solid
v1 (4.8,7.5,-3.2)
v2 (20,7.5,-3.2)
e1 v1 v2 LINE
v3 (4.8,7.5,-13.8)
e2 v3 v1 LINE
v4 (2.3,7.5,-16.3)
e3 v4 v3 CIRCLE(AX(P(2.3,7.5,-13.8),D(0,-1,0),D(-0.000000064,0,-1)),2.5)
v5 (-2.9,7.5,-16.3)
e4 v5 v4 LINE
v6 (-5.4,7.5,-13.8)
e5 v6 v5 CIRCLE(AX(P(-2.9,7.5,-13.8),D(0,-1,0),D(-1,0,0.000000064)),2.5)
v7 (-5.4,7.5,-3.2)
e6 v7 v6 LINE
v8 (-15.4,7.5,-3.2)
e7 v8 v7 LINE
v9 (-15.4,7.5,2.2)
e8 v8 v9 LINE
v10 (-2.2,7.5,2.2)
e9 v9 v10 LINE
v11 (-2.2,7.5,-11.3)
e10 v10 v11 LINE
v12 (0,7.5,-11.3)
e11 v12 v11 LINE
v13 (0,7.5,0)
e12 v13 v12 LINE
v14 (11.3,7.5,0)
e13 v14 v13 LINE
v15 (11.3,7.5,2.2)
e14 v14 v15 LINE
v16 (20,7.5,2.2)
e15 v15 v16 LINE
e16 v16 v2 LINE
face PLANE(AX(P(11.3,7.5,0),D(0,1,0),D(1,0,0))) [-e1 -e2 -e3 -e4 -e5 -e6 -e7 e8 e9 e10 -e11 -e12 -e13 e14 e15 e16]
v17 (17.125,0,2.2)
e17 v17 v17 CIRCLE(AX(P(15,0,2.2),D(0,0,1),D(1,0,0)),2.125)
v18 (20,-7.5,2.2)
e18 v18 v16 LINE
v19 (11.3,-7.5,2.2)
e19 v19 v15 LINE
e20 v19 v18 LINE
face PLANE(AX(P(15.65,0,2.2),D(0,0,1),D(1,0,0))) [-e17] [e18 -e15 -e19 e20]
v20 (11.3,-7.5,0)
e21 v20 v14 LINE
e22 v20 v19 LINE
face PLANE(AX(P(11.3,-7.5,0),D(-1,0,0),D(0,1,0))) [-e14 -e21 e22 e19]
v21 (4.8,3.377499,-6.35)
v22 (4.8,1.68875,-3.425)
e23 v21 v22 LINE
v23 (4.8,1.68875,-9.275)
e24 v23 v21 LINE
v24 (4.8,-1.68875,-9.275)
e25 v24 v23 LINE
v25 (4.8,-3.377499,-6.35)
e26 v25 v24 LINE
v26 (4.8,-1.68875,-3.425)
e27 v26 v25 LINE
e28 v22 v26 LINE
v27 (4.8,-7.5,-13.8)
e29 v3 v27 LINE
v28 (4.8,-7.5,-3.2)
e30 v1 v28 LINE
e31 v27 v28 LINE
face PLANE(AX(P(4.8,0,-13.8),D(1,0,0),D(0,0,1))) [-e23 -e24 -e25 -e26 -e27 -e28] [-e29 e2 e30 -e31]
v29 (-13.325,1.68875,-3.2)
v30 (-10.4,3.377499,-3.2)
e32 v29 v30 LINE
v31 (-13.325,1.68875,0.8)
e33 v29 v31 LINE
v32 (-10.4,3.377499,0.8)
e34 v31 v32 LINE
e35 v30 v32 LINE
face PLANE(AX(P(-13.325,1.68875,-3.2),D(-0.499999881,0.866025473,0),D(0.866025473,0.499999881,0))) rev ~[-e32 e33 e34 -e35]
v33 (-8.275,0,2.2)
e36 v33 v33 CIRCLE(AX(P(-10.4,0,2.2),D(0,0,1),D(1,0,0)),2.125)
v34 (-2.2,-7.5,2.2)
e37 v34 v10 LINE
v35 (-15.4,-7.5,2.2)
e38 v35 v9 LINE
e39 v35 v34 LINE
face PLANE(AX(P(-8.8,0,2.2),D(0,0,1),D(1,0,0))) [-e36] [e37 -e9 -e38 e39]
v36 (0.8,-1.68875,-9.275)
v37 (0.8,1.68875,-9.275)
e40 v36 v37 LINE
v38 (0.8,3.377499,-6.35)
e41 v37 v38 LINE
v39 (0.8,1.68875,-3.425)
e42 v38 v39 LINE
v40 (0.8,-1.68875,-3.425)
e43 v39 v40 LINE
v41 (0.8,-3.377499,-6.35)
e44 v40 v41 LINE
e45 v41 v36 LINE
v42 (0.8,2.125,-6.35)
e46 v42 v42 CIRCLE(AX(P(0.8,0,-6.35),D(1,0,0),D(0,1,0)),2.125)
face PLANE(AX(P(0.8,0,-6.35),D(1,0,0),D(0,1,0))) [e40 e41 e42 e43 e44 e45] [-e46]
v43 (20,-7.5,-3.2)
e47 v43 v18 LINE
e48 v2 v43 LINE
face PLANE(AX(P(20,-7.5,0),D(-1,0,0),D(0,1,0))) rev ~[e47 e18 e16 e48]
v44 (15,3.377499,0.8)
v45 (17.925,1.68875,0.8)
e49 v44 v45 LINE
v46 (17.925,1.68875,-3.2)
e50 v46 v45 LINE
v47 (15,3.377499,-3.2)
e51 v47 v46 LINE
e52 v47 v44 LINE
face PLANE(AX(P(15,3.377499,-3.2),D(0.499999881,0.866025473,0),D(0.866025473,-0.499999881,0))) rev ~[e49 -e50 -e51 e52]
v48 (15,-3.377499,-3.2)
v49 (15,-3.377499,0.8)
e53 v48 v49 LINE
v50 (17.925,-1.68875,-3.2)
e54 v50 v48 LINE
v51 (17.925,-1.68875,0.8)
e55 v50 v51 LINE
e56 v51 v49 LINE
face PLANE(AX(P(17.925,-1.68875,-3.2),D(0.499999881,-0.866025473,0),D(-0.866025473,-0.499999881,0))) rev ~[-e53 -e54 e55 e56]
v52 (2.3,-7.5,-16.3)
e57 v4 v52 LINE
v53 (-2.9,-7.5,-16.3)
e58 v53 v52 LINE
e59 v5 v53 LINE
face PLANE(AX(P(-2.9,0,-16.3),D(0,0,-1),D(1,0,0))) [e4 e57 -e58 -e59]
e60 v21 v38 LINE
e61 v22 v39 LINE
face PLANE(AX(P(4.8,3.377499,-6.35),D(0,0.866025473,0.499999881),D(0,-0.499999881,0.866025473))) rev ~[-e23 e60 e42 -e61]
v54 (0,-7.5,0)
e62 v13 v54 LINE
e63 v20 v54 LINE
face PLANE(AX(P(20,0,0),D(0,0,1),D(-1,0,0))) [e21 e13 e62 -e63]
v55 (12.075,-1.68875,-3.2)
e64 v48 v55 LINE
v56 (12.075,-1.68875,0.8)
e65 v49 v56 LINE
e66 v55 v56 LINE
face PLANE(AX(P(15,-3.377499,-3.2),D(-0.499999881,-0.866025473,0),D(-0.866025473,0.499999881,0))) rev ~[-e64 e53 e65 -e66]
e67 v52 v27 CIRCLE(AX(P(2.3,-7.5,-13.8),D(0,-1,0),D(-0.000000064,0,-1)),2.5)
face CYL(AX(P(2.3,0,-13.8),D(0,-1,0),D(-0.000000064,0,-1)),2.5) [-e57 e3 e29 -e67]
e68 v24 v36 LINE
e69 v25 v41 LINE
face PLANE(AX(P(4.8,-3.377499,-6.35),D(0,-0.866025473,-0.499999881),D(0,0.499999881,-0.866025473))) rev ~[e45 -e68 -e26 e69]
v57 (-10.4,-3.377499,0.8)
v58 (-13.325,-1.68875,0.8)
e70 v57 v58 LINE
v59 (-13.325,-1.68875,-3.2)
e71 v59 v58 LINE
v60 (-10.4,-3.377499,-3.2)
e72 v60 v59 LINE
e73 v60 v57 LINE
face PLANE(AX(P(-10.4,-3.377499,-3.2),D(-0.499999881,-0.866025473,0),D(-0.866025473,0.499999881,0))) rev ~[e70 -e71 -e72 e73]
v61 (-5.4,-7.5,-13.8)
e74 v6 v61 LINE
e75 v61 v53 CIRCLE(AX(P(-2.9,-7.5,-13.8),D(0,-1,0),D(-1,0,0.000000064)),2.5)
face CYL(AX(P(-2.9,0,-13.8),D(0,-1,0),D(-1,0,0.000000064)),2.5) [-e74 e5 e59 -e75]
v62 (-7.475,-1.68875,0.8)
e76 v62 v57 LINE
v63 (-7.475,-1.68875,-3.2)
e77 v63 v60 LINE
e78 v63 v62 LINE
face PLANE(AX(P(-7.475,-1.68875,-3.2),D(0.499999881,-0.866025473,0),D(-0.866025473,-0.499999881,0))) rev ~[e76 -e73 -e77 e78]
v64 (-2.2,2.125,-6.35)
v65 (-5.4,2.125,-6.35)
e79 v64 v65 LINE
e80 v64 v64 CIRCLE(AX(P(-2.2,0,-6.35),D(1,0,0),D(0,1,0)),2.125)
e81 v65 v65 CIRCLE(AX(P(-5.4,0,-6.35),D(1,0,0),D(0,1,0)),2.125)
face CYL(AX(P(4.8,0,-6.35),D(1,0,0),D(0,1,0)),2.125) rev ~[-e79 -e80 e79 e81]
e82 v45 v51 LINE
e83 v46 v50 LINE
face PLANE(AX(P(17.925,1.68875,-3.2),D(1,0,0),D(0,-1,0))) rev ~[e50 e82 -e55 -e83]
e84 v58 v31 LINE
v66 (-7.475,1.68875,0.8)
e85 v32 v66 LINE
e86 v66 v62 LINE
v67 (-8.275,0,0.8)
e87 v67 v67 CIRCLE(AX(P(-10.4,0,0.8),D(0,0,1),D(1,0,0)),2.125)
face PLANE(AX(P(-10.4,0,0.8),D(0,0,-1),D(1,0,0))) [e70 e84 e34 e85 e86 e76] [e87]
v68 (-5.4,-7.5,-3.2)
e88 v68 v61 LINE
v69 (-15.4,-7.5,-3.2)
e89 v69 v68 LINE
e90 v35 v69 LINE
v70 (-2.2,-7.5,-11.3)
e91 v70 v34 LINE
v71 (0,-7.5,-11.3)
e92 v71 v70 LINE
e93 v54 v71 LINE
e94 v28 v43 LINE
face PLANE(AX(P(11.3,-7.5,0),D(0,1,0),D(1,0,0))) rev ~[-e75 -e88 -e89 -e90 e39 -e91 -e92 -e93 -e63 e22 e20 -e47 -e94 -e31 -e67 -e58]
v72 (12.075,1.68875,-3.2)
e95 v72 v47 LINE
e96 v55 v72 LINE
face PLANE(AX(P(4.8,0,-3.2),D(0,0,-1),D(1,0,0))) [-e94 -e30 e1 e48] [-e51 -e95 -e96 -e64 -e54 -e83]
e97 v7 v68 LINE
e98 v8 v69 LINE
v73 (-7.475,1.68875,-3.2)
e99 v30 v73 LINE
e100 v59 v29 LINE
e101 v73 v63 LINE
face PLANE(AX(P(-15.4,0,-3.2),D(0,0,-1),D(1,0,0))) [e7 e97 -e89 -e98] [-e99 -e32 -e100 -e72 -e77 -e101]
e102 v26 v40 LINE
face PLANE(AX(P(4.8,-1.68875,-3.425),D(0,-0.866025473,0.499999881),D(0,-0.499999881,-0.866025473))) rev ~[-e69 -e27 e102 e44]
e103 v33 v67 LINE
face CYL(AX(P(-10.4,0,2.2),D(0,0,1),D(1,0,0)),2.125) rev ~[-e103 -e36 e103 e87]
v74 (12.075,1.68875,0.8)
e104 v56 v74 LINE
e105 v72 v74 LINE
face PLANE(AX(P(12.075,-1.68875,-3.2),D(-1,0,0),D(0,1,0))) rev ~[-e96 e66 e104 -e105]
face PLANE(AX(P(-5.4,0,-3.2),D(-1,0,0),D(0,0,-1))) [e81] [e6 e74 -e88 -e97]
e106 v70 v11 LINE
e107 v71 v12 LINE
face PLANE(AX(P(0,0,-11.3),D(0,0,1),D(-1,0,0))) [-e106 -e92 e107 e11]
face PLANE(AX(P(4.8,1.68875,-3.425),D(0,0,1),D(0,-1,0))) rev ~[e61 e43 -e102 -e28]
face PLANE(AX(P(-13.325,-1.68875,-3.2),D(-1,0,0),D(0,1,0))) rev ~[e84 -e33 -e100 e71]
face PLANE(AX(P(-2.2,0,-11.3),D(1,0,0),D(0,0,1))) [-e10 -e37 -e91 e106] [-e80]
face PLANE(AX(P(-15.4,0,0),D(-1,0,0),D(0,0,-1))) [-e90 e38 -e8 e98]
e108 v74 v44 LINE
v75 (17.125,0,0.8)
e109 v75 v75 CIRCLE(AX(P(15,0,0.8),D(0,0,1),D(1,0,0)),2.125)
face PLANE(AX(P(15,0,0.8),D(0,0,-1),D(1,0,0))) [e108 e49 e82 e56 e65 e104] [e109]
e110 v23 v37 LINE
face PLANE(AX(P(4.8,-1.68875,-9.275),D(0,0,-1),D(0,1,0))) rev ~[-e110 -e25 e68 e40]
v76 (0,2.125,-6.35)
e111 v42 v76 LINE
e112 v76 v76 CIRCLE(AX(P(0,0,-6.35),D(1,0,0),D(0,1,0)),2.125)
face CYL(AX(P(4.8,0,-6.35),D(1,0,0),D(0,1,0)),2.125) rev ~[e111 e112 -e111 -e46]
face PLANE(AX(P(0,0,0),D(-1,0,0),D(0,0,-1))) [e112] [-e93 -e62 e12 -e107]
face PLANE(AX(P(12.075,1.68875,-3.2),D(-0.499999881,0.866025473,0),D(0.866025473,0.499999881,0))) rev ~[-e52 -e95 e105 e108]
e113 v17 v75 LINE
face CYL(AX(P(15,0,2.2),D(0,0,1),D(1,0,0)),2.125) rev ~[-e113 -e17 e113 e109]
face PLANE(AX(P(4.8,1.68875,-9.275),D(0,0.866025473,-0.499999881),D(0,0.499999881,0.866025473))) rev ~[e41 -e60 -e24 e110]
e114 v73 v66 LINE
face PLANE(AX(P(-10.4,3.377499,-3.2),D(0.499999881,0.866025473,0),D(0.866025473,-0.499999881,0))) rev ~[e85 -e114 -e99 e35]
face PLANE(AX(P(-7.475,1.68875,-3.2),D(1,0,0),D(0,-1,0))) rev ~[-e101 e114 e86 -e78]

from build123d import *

# Parameters (mm, degrees)
F1_DEPTH  = 7.5
F2_W      = 8.7
F2_H      = 15
F2_W_2    = 13.2
F3_DEPTH  = 2.2
F4_R      = 2.125
F5_DEPTH  = 25
F7_DEPTH  = 4
F8_R      = 2.125
F9_DEPTH  = 25
F11_DEPTH = 4


with BuildPart() as f1:
    # F0 (on Front) → F1 (new body, symmetric)
    with BuildSketch(Plane.XZ):
        with BuildLine():
            Line((-2.2, 0), (-15.4, 0))
            Line((-15.4, 0), (-15.4, -3.2))
            Line((-15.4, -3.2), (-5.4, -3.2))
            Line((-5.4, -3.2), (-5.4, -13.8))
            ThreePointArc((-5.4, -13.8), (-4.667767, -15.567767), (-2.9, -16.3))
            Line((-2.9, -16.3), (2.3, -16.3))
            ThreePointArc((2.3, -16.3), (4.067767, -15.567767), (4.8, -13.8))
            Line((4.8, -13.8), (4.8, -3.2))
            Line((4.8, -3.2), (20, -3.2))
            Line((20, -3.2), (20, 0))
            Line((20, 0), (0, 0))
            Line((0, 0), (0, -11.3))
            Line((0, -11.3), (-2.2, -11.3))
            Line((-2.2, -11.3), (-2.2, 0))
        make_face()
    extrude(amount=F1_DEPTH, both=True)

    # F2 (on face) → F3 (join)
    with BuildSketch(Plane.XY):
        with Locations((15.65, 0)):
            Rectangle(F2_W, F2_H)
        with Locations((-8.8, 0)):
            Rectangle(F2_W_2, F2_H)
    extrude(amount=F3_DEPTH)

    # F4 (on face) → F5 (cut)
    with BuildSketch(Plane.XY.offset(2.2)):
        with Locations((-10.4, 0)):
            Circle(F4_R)
        with Locations((15, 0)):
            Circle(F4_R)
    extrude(amount=-F5_DEPTH, mode=Mode.SUBTRACT)

    # F6 (on face) → F7 (cut)
    with BuildSketch(Plane(origin=(0, 0, -3.2), x_dir=(1, 0, 0), z_dir=(0, 0, -1))):
        Polygon((-7.475, -1.68875), (-7.475, 1.68875), (-10.4, 3.377499), (-13.325, 1.68875), (-13.325, -1.68875), (-10.4, -3.377499), align=None)
        Polygon((17.925, -1.68875), (17.925, 1.68875), (15, 3.377499), (12.075, 1.68875), (12.075, -1.68875), (15, -3.377499), align=None)
    extrude(amount=-F7_DEPTH, mode=Mode.SUBTRACT)

    # F8 (on face) → F9 (cut)
    with BuildSketch(Plane.YZ.offset(4.8)):
        with Locations((0, -6.35)):
            Circle(F8_R)
    extrude(amount=-F9_DEPTH, mode=Mode.SUBTRACT)

    # F10 (on face) → F11 (cut)
    with BuildSketch(Plane.YZ.offset(4.8)):
        Polygon((-1.68875, -9.275), (1.68875, -9.275), (3.377499, -6.35), (1.68875, -3.425), (-1.68875, -3.425), (-3.377499, -6.35), align=None)
    extrude(amount=-F11_DEPTH, mode=Mode.SUBTRACT)


solid = f1.part
